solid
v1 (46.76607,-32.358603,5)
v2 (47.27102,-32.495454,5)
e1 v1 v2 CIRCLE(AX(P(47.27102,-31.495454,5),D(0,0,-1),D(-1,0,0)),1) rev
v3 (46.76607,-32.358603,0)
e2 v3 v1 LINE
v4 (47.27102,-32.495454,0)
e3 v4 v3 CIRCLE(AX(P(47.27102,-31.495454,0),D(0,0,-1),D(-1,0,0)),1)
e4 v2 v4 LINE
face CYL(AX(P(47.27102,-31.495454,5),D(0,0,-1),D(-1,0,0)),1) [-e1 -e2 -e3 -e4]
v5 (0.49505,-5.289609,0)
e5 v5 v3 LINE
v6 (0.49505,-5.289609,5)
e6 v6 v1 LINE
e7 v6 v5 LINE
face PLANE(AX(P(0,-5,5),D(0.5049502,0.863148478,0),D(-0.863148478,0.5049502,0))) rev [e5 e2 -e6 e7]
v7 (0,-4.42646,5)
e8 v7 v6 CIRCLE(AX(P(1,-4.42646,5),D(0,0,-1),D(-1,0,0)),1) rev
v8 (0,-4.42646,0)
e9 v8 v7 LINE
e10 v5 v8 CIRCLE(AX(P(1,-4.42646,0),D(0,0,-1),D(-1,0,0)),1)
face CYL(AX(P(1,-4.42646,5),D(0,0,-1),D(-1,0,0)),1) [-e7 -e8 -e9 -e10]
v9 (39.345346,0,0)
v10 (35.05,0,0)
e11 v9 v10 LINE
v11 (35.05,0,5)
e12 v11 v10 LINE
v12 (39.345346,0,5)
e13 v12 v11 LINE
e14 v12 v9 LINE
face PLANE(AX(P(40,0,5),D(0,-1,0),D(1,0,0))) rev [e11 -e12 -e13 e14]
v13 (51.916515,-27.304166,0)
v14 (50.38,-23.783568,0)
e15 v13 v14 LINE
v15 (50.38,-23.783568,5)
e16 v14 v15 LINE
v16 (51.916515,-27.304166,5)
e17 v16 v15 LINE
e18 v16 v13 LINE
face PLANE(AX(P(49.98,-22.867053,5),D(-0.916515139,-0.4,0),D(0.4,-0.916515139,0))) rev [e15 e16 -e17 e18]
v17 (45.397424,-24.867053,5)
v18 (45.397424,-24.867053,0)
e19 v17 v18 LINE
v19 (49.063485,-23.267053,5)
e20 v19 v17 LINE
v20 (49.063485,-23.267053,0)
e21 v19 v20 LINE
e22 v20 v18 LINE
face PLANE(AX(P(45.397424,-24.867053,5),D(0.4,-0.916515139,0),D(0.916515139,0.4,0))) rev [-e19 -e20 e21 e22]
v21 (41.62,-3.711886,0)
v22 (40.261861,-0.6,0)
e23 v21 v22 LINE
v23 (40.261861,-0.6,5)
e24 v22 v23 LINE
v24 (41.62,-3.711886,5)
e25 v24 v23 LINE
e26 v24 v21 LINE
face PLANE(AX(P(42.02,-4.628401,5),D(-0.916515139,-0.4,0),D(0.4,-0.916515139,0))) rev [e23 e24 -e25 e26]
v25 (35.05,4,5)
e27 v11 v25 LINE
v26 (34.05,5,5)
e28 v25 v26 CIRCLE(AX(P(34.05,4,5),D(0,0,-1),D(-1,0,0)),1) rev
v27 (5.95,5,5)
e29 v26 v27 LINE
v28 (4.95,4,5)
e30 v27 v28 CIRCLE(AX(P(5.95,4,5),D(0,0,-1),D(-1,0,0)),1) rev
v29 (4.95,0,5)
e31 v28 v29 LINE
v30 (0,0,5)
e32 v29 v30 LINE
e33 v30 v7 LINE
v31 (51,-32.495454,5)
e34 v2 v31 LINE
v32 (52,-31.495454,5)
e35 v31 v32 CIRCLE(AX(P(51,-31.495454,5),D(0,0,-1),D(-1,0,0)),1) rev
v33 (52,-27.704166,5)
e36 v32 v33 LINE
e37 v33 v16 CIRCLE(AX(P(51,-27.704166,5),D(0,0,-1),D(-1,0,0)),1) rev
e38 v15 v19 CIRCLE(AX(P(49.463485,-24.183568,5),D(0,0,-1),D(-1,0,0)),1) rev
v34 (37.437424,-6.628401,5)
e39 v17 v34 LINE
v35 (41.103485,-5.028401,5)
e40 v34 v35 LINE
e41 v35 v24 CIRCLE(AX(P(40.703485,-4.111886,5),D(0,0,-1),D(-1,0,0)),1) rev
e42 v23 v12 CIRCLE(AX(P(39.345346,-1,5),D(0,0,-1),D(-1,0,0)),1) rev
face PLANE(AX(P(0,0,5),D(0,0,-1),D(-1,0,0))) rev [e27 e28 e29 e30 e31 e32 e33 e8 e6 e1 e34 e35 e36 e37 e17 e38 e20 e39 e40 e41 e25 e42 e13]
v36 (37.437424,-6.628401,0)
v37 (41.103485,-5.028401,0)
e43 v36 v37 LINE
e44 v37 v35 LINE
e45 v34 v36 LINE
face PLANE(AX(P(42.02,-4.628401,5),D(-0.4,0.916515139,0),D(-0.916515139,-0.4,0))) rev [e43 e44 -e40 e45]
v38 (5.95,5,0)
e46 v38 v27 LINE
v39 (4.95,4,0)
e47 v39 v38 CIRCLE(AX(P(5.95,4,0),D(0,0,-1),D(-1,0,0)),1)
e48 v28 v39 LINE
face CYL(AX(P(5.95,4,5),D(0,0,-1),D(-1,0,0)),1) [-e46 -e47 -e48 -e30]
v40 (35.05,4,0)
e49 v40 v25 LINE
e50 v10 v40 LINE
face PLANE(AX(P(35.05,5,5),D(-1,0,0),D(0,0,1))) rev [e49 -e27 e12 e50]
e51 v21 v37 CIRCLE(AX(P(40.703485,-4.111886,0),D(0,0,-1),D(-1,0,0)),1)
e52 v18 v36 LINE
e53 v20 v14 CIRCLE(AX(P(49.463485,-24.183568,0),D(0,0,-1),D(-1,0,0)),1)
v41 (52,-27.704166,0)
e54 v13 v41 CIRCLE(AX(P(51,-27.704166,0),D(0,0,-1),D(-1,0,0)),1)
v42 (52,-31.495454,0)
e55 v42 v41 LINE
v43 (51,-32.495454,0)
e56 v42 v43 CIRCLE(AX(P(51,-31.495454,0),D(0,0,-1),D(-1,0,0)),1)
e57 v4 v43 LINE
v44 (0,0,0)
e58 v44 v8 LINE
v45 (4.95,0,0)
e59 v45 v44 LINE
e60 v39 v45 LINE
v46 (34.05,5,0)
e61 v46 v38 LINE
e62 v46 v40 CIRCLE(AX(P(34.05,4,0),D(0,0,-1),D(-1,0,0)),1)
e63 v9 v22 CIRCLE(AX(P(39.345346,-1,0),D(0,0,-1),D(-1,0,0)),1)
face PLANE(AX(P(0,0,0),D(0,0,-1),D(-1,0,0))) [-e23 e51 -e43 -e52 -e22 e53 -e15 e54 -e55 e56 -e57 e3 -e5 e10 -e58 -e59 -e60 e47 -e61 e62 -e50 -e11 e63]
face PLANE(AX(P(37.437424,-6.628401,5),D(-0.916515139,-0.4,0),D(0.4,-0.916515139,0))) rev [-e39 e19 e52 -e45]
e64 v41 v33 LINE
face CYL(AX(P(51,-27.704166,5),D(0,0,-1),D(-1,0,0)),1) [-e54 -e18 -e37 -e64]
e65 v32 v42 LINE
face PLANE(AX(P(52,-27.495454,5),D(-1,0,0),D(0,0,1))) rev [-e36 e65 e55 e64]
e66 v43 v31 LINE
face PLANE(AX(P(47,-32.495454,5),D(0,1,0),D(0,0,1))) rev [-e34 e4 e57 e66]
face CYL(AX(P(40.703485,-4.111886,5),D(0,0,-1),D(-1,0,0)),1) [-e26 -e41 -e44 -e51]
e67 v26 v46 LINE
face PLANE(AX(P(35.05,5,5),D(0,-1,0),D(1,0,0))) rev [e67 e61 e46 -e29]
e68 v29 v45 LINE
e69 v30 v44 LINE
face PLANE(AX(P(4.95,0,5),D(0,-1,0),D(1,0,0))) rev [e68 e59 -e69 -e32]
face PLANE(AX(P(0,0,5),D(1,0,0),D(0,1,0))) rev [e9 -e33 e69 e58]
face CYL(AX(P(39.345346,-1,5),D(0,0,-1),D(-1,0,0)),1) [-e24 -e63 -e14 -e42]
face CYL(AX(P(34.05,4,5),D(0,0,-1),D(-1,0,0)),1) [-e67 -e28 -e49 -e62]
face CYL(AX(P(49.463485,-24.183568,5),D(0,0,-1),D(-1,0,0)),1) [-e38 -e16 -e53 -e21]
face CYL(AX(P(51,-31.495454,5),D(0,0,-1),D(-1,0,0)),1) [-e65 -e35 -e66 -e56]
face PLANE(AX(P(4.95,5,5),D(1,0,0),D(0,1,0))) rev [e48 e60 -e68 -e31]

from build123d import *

# Parameters (mm, degrees)
BOSS_EXTRUDE1_DEPTH = 5
FILLET1_R           = 1


with BuildPart() as part:
    # Sketch1 → Boss-Extrude1 (new body)
    with BuildSketch(Plane.XY):
        Polygon((42.02, -4.628401452), (37.437424305, -6.628401452), (45.397424305, -24.867052718), (49.98, -22.867052718), (52, -27.49545417), (52, -32.49545417), (47, -32.49545417), (0, -5), (0, 0), (4.95, 0), (4.95, 5), (35.05, 5), (35.05, 0), (40, 0), align=None)
    extrude(amount=BOSS_EXTRUDE1_DEPTH)

    # Fillet1
    fillet1_edges = [part.edges().sort_by_distance(p)[0] for p in [
        (4.95, 5, 2.5),
        (35.05, 5, 2.5),
        (40, 0, 2.5),
        (42.02, -4.628401452, 2.5),
        (49.98, -22.867052718, 2.5),
        (52, -27.49545417, 2.5),
        (52, -32.49545417, 2.5),
        (47, -32.49545417, 2.5),
        (0, -5, 2.5),
    ]]
    fillet(fillet1_edges, radius=FILLET1_R)


solid = part.part
